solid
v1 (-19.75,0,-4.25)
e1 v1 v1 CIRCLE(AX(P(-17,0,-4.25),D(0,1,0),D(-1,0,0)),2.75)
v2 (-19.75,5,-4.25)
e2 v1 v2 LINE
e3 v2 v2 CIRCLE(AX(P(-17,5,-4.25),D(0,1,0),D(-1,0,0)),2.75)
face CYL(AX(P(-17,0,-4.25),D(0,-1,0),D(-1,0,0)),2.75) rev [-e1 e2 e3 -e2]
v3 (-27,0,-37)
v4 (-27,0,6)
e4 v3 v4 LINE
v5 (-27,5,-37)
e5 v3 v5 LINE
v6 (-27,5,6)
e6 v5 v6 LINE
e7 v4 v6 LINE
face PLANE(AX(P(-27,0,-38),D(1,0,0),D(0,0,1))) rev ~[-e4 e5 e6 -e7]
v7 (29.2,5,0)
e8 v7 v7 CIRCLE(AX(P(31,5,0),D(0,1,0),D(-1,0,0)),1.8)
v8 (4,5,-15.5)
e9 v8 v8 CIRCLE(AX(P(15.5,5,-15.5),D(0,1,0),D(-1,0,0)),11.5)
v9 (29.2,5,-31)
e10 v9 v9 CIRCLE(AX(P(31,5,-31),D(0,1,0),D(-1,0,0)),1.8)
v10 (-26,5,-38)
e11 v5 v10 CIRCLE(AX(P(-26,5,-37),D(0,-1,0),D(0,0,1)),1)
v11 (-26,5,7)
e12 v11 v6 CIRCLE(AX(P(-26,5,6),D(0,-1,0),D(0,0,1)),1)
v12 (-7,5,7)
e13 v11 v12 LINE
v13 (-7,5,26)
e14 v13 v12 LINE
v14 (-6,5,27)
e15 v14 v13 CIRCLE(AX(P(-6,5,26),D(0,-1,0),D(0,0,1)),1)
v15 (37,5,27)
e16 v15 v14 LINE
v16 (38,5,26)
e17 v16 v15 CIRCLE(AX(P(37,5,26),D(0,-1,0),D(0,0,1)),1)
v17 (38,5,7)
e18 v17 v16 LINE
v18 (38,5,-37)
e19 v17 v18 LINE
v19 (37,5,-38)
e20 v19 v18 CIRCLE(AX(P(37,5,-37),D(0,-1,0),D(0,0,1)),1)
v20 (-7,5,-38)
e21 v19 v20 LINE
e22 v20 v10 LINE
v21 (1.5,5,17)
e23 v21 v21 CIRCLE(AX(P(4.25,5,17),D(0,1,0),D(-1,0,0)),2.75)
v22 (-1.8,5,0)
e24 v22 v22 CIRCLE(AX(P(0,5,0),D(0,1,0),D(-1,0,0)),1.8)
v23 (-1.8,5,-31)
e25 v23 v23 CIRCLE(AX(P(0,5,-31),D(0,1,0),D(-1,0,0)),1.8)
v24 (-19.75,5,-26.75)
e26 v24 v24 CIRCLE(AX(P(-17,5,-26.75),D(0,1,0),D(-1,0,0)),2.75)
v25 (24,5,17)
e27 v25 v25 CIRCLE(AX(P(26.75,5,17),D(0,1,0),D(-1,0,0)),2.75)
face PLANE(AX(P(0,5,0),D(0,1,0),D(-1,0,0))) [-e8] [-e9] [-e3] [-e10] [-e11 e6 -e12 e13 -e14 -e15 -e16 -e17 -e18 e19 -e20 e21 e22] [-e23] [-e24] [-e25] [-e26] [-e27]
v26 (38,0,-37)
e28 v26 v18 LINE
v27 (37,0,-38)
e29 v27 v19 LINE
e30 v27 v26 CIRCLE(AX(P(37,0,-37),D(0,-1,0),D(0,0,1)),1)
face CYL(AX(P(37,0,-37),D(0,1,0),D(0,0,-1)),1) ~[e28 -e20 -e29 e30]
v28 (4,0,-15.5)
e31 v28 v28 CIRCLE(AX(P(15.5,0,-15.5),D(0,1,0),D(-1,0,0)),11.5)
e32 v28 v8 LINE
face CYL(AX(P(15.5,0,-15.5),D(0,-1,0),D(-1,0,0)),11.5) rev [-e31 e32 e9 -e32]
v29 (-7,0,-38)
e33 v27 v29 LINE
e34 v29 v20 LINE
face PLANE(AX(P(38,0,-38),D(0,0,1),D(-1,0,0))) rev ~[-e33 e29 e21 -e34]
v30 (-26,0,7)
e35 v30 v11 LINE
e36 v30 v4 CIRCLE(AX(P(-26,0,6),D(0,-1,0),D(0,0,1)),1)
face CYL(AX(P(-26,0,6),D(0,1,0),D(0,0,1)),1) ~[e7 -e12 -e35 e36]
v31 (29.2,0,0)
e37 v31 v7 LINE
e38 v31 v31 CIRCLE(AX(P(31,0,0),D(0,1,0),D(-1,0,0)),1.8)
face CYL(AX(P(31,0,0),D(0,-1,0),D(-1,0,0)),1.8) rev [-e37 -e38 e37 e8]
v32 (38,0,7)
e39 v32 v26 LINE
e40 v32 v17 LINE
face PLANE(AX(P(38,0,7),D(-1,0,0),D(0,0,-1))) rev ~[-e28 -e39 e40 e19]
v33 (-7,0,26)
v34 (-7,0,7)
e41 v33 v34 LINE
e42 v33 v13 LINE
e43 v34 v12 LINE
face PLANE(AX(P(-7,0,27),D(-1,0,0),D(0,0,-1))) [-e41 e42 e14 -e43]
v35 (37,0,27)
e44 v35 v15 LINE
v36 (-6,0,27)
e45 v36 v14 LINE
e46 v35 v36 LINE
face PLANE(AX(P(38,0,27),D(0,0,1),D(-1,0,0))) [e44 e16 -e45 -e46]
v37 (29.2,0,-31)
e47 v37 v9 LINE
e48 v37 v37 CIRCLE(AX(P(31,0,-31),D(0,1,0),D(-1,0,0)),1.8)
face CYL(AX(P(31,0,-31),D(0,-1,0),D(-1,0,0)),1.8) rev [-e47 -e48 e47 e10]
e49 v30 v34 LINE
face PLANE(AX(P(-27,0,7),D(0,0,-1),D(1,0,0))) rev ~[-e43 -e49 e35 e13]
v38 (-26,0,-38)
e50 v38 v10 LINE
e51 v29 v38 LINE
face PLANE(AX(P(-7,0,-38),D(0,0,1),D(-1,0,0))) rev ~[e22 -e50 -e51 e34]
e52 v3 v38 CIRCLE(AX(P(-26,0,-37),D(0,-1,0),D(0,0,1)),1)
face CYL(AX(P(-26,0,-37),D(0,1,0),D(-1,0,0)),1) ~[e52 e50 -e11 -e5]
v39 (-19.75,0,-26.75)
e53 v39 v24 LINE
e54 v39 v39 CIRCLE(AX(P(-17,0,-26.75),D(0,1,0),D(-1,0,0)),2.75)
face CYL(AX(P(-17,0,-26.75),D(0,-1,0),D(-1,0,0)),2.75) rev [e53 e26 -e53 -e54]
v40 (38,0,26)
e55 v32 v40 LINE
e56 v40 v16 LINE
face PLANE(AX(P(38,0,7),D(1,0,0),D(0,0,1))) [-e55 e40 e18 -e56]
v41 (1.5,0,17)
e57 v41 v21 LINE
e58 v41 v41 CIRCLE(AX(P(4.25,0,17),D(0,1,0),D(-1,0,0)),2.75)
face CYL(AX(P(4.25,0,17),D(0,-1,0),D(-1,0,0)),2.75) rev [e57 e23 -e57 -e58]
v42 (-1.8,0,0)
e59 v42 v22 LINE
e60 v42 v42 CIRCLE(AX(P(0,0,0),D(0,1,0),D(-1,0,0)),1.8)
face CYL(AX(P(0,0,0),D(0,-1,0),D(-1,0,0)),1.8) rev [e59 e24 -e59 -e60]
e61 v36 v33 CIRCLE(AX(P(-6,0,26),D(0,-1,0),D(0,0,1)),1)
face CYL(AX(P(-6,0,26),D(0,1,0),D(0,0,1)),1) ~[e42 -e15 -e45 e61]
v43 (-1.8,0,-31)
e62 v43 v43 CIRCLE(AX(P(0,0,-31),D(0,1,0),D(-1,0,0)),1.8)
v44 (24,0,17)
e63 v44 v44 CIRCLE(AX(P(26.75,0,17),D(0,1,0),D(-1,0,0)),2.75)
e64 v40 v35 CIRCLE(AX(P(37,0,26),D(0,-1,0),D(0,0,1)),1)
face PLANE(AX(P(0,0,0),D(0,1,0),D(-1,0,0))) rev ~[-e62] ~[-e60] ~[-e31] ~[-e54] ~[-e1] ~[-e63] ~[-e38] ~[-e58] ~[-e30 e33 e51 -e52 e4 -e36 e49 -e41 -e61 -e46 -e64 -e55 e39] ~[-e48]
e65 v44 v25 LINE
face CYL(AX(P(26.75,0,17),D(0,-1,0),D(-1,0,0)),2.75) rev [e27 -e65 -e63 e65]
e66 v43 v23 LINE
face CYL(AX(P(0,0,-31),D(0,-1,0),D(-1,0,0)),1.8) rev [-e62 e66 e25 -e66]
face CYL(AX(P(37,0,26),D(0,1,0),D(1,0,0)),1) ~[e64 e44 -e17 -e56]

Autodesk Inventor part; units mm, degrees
ref_plane "YZ Plane" through (0, 0, 0) normal (1, 0, 0) x (0, 1, 0)
ref_plane "XZ Plane" through (0, 0, 0) normal (0, 1, 0) x (-1, 0, 0)
ref_plane "XY Plane" through (0, 0, 0) normal (0, 0, 1) x (1, 0, 0)
sketch "Sketch1" plane through (0, 0, 0) normal (0, 1, 0) x (-1, 0, 0)
  line L0 (0, 0) -> (-31, 0) construction
  line L1 (-31, 0) -> (-31, -31) construction
  line L2 (-31, -31) -> (0, -31) construction
  line L3 (0, -31) -> (0, 0) construction
  circle A0 centre (0, 0) radius 1.8
  circle A1 centre (0, -31) radius 1.8
  circle A2 centre (-31, -31) radius 1.8
  circle A3 centre (-31, 0) radius 1.8
  line L4 (-38, 7) -> (-38, -38)
  line L5 (-38, -38) -> (7, -38)
  line L6 (7, -38) -> (27, -38)
  line L7 (27, -38) -> (27, 7)
  line L8 (27, 7) -> (7, 7)
  line L9 (-38, 7) -> (-38, 27)
  line L10 (-38, 27) -> (7, 27)
  line L11 (7, 27) -> (7, 7)
  line L12 (7, 7) -> (-38, -38) construction
  line L13 (-38, 7) -> (7, -38) construction
  line L14 (17, 7) -> (17, -15.5) construction
  line L15 (7, 17) -> (-15.5, 17) construction
  line L16 (-15.5, 27) -> (-15.5, 17) construction
  line L17 (-15.5, 17) -> (-38, 17) construction
  line L18 (27, -15.5) -> (17, -15.5) construction
  line L19 (17, -15.5) -> (17, -38) construction
  circle A4 centre (17, -4.25) radius 2.75
  circle A5 centre (17, -26.75) radius 2.75
  circle A6 centre (-26.75, 17) radius 2.75
  circle A7 centre (-4.25, 17) radius 2.75
  circle A8 centre (-15.5, -15.5) radius 11.5
  dimension "d0" = 31
  dimension "d1" = 31
  dimension "d2" = 3.6
  dimension "d3" = 3.6
  dimension "d4" = 3.6
  dimension "d5" = 3.6
  dimension "d6" = 45
  dimension "d7" = 45
  dimension "d8" = 20
  dimension "d9" = 20
  dimension "d10" = 5.5
  dimension "d11" = 5.5
  dimension "d12" = 5.5
  dimension "d13" = 5.5
  dimension "d17" = 23
extrude "Extrusion1" add sketch "Sketch1" along normal blind 5
fillet "Fillet1" radius 1 5 edges at (-27, 2.5, 7) (-7, 2.5, 27) (38, 2.5, 27) (38, 2.5, -38) (-27, 2.5, -38)
equation "\"d3\" = d2"
equation "\"d4\" = d2"
equation "\"d5\" = d2"
equation "\"d11\" = d10"
equation "\"d12\" = d10"
equation "\"d13\" = d10"
properties part number "NEMA17 Stepper CornerMount" material "PC/ABS Plastic"
